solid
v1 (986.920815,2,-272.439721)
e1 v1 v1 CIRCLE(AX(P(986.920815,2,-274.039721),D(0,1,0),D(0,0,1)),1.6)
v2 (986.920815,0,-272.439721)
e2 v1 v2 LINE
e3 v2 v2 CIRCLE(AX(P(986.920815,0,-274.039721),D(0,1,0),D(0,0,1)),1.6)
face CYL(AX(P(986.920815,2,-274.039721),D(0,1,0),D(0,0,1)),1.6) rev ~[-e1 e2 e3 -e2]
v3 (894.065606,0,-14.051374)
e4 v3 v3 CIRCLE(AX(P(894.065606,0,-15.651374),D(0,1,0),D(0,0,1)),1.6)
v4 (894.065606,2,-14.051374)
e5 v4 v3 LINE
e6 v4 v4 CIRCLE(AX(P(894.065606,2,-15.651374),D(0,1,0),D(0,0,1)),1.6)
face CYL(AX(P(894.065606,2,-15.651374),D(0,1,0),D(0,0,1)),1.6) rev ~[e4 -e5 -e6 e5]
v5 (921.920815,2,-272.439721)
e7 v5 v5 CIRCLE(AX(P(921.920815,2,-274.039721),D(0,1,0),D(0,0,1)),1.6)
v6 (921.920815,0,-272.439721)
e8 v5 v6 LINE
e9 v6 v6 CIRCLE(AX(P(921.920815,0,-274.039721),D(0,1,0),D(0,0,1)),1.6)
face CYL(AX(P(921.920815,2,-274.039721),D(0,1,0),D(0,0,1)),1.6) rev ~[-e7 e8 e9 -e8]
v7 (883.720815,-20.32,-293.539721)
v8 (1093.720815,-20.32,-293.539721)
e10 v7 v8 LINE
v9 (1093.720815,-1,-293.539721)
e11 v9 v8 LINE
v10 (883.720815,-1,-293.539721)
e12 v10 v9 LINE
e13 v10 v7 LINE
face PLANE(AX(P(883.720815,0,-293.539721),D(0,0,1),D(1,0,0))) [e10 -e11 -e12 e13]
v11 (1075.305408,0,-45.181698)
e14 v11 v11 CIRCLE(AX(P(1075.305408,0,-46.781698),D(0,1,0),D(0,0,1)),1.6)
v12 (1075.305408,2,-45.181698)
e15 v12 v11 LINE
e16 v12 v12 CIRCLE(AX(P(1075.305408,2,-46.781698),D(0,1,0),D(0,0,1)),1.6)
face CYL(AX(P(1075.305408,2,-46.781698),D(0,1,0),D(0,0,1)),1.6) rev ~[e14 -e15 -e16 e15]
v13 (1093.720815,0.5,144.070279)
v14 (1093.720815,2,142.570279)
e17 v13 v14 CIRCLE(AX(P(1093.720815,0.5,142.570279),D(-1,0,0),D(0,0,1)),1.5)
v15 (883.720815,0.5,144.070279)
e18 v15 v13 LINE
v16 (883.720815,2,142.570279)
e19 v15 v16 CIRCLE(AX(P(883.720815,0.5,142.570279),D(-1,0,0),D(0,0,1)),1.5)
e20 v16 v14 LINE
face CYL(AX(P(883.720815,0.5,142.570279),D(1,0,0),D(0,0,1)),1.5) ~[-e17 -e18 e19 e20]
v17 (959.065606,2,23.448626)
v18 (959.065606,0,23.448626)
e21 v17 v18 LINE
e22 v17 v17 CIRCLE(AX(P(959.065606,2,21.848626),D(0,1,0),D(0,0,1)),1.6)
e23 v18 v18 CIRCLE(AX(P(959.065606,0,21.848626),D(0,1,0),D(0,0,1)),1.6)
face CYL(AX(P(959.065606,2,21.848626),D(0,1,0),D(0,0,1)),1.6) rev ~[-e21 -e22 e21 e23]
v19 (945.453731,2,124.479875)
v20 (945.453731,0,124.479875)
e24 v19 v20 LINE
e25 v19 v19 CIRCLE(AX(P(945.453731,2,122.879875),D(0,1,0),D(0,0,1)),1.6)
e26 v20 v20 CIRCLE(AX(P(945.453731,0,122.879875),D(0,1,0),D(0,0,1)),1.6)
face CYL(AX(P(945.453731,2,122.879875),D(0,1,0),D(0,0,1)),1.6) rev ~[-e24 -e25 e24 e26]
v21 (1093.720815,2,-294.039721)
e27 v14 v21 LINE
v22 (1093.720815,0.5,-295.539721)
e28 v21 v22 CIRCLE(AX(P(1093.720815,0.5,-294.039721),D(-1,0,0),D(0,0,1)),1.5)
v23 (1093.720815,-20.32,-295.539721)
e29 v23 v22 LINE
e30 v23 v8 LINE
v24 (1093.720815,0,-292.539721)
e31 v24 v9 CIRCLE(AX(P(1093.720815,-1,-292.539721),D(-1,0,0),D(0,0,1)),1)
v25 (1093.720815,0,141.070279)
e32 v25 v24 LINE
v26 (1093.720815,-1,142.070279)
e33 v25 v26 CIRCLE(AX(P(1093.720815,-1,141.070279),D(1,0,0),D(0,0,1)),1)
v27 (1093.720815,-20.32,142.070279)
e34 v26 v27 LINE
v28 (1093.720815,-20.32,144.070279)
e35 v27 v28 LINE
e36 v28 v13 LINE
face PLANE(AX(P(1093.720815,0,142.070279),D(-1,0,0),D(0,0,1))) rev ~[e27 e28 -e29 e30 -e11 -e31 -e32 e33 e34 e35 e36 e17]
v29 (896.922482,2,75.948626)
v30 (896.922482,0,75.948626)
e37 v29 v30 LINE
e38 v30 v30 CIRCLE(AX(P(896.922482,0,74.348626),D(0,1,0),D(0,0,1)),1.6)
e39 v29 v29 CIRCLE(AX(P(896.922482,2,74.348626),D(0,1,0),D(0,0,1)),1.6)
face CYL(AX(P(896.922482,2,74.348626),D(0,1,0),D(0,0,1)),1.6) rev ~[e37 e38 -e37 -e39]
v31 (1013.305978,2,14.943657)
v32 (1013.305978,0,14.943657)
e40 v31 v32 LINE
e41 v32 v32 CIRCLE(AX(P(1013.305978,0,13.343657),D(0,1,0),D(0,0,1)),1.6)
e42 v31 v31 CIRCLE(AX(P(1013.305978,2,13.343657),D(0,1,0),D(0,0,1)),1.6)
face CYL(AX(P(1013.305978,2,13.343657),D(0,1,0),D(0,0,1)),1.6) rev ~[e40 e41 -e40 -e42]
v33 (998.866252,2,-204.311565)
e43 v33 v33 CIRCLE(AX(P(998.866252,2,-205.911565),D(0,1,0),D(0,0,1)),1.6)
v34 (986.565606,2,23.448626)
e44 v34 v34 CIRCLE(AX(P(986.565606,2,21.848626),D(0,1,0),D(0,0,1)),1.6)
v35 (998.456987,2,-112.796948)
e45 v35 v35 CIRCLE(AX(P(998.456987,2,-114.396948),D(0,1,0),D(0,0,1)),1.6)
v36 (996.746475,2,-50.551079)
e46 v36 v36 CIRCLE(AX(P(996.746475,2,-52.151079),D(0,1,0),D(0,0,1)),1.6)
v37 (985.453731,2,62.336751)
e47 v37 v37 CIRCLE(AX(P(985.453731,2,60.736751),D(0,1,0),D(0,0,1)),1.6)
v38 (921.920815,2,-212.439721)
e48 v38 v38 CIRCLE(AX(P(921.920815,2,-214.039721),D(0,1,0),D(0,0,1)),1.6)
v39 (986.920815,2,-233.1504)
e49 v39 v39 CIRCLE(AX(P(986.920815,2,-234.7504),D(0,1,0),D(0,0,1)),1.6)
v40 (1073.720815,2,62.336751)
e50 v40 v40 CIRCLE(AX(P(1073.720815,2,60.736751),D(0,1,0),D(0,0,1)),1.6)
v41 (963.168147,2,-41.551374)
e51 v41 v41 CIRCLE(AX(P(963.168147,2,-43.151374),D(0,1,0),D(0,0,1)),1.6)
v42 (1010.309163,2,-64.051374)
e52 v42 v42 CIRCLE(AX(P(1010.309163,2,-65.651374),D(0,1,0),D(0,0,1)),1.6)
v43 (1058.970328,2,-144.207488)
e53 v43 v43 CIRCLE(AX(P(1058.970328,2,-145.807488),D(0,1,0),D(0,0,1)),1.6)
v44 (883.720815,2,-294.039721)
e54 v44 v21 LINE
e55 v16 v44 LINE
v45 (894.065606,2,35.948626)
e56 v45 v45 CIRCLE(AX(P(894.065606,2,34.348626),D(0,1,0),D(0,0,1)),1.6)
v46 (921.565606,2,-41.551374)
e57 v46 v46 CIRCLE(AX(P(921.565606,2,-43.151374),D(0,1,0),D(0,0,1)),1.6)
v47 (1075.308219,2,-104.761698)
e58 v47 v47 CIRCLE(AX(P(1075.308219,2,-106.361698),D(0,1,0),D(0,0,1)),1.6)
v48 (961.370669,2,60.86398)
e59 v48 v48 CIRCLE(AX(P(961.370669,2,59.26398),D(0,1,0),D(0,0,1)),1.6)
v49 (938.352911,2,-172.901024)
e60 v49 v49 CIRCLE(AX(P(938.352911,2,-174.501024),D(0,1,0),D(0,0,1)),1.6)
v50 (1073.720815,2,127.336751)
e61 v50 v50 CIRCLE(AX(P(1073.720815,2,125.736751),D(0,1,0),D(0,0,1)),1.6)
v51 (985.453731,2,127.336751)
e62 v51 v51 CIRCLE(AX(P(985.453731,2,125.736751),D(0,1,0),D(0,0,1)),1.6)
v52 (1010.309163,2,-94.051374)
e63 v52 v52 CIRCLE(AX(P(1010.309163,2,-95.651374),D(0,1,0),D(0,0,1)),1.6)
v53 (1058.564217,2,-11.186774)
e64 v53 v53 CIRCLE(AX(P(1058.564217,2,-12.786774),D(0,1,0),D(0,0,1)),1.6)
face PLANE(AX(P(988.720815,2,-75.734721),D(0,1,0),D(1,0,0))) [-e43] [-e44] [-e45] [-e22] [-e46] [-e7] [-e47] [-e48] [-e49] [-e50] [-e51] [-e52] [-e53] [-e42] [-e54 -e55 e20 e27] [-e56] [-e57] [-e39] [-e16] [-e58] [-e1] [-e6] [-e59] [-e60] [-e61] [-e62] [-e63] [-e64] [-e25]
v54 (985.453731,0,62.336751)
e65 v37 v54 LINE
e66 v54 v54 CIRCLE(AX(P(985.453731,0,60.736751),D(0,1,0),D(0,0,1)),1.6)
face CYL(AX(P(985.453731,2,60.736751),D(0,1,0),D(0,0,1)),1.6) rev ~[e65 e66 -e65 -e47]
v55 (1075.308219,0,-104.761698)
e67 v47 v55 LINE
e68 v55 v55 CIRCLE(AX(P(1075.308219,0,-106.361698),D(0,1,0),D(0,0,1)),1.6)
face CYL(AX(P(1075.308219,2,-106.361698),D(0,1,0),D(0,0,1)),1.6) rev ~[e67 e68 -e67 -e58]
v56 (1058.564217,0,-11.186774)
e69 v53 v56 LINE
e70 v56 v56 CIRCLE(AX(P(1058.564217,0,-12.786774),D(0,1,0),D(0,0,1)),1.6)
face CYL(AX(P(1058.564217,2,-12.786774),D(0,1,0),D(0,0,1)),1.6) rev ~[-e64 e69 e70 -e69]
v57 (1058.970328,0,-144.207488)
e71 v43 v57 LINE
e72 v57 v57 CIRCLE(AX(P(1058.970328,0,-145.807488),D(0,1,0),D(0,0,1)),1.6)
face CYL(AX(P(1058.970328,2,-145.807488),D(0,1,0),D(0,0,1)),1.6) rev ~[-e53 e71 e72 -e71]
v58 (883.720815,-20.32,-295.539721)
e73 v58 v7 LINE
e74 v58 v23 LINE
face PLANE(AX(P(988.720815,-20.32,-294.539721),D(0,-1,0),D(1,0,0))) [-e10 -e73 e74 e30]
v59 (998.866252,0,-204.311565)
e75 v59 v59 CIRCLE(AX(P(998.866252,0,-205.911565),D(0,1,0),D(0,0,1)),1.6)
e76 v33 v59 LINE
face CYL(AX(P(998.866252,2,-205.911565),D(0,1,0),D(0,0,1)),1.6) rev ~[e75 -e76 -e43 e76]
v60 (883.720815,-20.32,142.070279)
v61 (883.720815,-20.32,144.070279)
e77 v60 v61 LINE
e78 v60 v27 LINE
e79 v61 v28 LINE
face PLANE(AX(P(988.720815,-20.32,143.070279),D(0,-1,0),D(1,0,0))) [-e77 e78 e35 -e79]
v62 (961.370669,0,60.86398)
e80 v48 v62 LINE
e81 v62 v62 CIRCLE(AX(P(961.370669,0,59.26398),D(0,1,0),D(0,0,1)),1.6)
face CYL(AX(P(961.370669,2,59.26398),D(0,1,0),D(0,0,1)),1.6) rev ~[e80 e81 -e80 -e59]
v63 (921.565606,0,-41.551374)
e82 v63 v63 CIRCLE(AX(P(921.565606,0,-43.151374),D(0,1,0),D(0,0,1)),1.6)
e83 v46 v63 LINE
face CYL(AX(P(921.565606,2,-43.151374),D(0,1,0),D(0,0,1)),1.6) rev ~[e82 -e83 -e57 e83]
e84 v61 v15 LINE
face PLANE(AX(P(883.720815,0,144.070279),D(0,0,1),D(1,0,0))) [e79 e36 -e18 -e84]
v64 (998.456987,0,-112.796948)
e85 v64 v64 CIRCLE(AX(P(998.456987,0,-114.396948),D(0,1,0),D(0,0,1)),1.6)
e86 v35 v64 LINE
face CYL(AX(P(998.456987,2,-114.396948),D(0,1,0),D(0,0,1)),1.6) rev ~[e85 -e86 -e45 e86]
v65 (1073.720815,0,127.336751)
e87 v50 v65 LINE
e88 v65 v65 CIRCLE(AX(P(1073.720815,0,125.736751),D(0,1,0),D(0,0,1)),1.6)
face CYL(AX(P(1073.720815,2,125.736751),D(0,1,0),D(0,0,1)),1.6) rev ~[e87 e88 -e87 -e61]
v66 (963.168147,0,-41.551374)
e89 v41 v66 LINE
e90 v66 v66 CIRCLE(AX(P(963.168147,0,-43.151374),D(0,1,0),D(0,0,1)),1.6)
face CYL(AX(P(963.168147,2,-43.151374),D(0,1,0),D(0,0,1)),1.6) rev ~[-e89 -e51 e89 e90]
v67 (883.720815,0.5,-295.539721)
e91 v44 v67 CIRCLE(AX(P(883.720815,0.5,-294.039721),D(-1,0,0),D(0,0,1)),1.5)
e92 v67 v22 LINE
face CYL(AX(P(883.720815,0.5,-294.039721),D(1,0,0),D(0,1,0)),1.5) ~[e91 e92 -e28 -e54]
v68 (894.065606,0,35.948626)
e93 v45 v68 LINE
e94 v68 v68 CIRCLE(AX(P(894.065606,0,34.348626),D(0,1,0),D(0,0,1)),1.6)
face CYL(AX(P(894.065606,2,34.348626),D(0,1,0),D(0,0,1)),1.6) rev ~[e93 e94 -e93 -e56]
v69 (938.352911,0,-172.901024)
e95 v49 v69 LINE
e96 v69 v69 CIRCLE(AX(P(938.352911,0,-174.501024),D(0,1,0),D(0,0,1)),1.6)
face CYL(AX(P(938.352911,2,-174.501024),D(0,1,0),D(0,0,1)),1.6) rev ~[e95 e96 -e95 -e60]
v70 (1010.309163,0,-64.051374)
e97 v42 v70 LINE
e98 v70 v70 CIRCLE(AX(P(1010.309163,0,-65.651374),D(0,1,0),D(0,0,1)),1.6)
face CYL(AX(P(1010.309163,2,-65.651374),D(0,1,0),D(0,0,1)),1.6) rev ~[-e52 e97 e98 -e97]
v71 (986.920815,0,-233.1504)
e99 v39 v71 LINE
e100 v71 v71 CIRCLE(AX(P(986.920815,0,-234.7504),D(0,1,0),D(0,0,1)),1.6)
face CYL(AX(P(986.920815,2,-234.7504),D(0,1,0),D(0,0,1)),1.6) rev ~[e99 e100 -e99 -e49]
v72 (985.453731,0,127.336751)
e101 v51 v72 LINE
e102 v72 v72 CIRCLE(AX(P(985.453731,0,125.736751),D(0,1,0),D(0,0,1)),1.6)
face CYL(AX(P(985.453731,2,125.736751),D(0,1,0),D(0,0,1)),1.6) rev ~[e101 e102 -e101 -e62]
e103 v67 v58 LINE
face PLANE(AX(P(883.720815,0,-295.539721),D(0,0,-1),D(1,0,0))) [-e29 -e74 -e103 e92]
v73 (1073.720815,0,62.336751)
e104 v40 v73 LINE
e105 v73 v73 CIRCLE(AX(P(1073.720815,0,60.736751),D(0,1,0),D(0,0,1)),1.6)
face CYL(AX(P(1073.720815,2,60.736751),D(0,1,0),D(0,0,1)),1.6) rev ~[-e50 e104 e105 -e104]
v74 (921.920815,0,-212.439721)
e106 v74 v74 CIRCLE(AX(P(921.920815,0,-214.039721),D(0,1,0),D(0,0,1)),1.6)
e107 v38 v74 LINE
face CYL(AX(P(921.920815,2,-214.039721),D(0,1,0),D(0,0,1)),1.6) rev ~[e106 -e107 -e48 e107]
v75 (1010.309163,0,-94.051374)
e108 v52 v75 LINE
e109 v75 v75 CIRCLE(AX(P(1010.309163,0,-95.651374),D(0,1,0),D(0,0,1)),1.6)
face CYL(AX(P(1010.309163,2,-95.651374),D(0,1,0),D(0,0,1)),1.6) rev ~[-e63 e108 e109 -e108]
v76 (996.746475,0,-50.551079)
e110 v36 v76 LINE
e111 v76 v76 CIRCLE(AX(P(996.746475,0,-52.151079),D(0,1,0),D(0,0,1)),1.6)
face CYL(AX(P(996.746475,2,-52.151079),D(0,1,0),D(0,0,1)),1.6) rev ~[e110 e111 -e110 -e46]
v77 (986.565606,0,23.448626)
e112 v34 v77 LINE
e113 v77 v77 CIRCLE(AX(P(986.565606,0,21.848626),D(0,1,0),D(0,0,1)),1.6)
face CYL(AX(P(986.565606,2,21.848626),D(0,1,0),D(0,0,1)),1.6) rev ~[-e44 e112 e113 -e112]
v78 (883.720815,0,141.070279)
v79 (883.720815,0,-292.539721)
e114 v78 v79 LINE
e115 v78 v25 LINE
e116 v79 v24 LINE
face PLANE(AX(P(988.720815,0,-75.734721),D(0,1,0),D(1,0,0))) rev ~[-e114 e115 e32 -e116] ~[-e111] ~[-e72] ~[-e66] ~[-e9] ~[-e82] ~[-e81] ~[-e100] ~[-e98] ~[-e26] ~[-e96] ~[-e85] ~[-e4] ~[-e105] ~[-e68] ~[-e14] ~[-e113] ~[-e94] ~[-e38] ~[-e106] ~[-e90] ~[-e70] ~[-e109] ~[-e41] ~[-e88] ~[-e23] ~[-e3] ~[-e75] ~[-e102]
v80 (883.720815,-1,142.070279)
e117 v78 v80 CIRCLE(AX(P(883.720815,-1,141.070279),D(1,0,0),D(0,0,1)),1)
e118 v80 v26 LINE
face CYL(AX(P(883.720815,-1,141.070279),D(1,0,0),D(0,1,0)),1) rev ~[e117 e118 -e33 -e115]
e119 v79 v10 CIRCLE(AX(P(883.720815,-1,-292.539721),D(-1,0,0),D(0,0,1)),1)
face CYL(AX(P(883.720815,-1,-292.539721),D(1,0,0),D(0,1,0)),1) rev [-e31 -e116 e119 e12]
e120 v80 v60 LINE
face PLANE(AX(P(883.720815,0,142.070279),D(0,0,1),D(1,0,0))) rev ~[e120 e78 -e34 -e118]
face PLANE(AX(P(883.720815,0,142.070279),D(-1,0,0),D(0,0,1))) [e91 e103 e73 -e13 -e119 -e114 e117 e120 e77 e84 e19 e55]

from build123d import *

# Parameters (mm, degrees)
SKETCH1_W           = 210
SKETCH1_H           = 439.61
BOSS_EXTRUDE1_DEPTH = 2
SKETCH2_W           = 210
SKETCH2_H           = 2
BOSS_EXTRUDE2_DEPTH = 20.32
FILLET1_R           = 1
FILLET2_R           = 1.5
SKETCH4_R           = 1.6
CUT_EXTRUDE1_DEPTH  = 1134.166859304


with BuildPart() as part:
    # Sketch1 → Boss-Extrude1 (new body)
    with BuildSketch(Plane(origin=(0, 0, 0), x_dir=(1, 0, 0), z_dir=(0, 1, 0))):
        with Locations((988.720815229, 75.734721456)):
            Rectangle(SKETCH1_W, SKETCH1_H)
    extrude(amount=BOSS_EXTRUDE1_DEPTH)

    # Sketch2 → Boss-Extrude2 (add)
    with BuildSketch(Plane.XZ):
        with Locations((988.720815229, 143.070278544)):
            Rectangle(SKETCH2_W, SKETCH2_H)
        with Locations((988.720815229, -294.539721456)):
            Rectangle(SKETCH2_W, SKETCH2_H)
    extrude(amount=BOSS_EXTRUDE2_DEPTH)

    # Fillet1
    fillet1_edges = [part.edges().sort_by_distance(p)[0] for p in [
        (988.720815229, 0, 142.070278544),
        (988.720815229, 0, -293.539721456),
    ]]
    fillet(fillet1_edges, radius=FILLET1_R)

    # Fillet2
    fillet2_edges = [part.edges().sort_by_distance(p)[0] for p in [
        (988.720815229, 2, 144.070278544),
        (988.720815229, 2, -295.539721456),
    ]]
    fillet(fillet2_edges, radius=FILLET2_R)

    # Sketch4 → Cut-Extrude1 (cut, through all)
    with BuildSketch(Plane(origin=(0, 2, 0), x_dir=(1, 0, 0), z_dir=(0, 1, 0))):
        with Locations(Location((921.920815229, 214.039721456, 0), (0, 0, 270))):
            Circle(SKETCH4_R)
        with Locations(Location((921.920815229, 274.039721456, 0), (0, 0, 270))):
            Circle(SKETCH4_R)
        with Locations(Location((986.920815229, 234.750399575, 0), (0, 0, 270))):
            Circle(SKETCH4_R)
        with Locations(Location((986.920815229, 274.039721456, 0), (0, 0, 270))):
            Circle(SKETCH4_R)
        with Locations(Location((1010.309162877, 65.651373808, 0), (0, 0, 270))):
            Circle(SKETCH4_R)
        with Locations(Location((1010.309162877, 95.651373808, 0), (0, 0, 270))):
            Circle(SKETCH4_R)
        with Locations(Location((986.565606348, -21.848626192, 0), (0, 0, 270))):
            Circle(SKETCH4_R)
        with Locations(Location((959.065606348, -21.848626192, 0), (0, 0, 270))):
            Circle(SKETCH4_R)
        with Locations(Location((963.168146726, 43.151373808, 0), (0, 0, 270))):
            Circle(SKETCH4_R)
        with Locations(Location((921.565606348, 43.151373808, 0), (0, 0, 270))):
            Circle(SKETCH4_R)
        with Locations(Location((894.065606348, -34.348626192, 0), (0, 0, 270))):
            Circle(SKETCH4_R)
        with Locations(Location((894.065606348, 15.651373808, 0), (0, 0, 270))):
            Circle(SKETCH4_R)
        with Locations(Location((961.370669454, -59.263980407, 0), (0, 0, 270))):
            Circle(SKETCH4_R)
        with Locations(Location((945.453731167, -122.879875269, 0), (0, 0, 270))):
            Circle(SKETCH4_R)
        with Locations(Location((896.92248209, -74.348626192, 0), (0, 0, 270))):
            Circle(SKETCH4_R)
        with Locations(Location((1073.720815229, -60.736751011, 0), (0, 0, 270))):
            Circle(SKETCH4_R)
        with Locations(Location((985.453731167, -60.736751011, 0), (0, 0, 270))):
            Circle(SKETCH4_R)
        with Locations(Location((1073.720815229, -125.736751011, 0), (0, 0, 270))):
            Circle(SKETCH4_R)
        with Locations(Location((985.453731167, -125.736751011, 0), (0, 0, 270))):
            Circle(SKETCH4_R)
        with Locations(Location((1013.305977837, -13.343657344, 0), (0, 0, 270))):
            Circle(SKETCH4_R)
        with Locations(Location((1058.564216667, 12.786773537, 0), (0, 0, 270))):
            Circle(SKETCH4_R)
        with Locations(Location((996.746475218, 52.151079456, 0), (0, 0, 270))):
            Circle(SKETCH4_R)
        with Locations(Location((938.352910915, 174.501024052, 0), (0, 0, 270))):
            Circle(SKETCH4_R)
        with Locations(Location((998.456987316, 114.396947651, 0), (0, 0, 270))):
            Circle(SKETCH4_R)
        with Locations(Location((998.866251712, 205.91156481, 0), (0, 0, 270))):
            Circle(SKETCH4_R)
        with Locations(Location((1058.970328113, 145.807488409, 0), (0, 0, 270))):
            Circle(SKETCH4_R)
        with Locations(Location((1075.308219227, 106.361698083, 0), (0, 0, 270))):
            Circle(SKETCH4_R)
        with Locations(Location((1075.305408117, 46.781698149, 0), (0, 0, 270))):
            Circle(SKETCH4_R)
    extrude(amount=-CUT_EXTRUDE1_DEPTH, mode=Mode.SUBTRACT)


solid = part.part
